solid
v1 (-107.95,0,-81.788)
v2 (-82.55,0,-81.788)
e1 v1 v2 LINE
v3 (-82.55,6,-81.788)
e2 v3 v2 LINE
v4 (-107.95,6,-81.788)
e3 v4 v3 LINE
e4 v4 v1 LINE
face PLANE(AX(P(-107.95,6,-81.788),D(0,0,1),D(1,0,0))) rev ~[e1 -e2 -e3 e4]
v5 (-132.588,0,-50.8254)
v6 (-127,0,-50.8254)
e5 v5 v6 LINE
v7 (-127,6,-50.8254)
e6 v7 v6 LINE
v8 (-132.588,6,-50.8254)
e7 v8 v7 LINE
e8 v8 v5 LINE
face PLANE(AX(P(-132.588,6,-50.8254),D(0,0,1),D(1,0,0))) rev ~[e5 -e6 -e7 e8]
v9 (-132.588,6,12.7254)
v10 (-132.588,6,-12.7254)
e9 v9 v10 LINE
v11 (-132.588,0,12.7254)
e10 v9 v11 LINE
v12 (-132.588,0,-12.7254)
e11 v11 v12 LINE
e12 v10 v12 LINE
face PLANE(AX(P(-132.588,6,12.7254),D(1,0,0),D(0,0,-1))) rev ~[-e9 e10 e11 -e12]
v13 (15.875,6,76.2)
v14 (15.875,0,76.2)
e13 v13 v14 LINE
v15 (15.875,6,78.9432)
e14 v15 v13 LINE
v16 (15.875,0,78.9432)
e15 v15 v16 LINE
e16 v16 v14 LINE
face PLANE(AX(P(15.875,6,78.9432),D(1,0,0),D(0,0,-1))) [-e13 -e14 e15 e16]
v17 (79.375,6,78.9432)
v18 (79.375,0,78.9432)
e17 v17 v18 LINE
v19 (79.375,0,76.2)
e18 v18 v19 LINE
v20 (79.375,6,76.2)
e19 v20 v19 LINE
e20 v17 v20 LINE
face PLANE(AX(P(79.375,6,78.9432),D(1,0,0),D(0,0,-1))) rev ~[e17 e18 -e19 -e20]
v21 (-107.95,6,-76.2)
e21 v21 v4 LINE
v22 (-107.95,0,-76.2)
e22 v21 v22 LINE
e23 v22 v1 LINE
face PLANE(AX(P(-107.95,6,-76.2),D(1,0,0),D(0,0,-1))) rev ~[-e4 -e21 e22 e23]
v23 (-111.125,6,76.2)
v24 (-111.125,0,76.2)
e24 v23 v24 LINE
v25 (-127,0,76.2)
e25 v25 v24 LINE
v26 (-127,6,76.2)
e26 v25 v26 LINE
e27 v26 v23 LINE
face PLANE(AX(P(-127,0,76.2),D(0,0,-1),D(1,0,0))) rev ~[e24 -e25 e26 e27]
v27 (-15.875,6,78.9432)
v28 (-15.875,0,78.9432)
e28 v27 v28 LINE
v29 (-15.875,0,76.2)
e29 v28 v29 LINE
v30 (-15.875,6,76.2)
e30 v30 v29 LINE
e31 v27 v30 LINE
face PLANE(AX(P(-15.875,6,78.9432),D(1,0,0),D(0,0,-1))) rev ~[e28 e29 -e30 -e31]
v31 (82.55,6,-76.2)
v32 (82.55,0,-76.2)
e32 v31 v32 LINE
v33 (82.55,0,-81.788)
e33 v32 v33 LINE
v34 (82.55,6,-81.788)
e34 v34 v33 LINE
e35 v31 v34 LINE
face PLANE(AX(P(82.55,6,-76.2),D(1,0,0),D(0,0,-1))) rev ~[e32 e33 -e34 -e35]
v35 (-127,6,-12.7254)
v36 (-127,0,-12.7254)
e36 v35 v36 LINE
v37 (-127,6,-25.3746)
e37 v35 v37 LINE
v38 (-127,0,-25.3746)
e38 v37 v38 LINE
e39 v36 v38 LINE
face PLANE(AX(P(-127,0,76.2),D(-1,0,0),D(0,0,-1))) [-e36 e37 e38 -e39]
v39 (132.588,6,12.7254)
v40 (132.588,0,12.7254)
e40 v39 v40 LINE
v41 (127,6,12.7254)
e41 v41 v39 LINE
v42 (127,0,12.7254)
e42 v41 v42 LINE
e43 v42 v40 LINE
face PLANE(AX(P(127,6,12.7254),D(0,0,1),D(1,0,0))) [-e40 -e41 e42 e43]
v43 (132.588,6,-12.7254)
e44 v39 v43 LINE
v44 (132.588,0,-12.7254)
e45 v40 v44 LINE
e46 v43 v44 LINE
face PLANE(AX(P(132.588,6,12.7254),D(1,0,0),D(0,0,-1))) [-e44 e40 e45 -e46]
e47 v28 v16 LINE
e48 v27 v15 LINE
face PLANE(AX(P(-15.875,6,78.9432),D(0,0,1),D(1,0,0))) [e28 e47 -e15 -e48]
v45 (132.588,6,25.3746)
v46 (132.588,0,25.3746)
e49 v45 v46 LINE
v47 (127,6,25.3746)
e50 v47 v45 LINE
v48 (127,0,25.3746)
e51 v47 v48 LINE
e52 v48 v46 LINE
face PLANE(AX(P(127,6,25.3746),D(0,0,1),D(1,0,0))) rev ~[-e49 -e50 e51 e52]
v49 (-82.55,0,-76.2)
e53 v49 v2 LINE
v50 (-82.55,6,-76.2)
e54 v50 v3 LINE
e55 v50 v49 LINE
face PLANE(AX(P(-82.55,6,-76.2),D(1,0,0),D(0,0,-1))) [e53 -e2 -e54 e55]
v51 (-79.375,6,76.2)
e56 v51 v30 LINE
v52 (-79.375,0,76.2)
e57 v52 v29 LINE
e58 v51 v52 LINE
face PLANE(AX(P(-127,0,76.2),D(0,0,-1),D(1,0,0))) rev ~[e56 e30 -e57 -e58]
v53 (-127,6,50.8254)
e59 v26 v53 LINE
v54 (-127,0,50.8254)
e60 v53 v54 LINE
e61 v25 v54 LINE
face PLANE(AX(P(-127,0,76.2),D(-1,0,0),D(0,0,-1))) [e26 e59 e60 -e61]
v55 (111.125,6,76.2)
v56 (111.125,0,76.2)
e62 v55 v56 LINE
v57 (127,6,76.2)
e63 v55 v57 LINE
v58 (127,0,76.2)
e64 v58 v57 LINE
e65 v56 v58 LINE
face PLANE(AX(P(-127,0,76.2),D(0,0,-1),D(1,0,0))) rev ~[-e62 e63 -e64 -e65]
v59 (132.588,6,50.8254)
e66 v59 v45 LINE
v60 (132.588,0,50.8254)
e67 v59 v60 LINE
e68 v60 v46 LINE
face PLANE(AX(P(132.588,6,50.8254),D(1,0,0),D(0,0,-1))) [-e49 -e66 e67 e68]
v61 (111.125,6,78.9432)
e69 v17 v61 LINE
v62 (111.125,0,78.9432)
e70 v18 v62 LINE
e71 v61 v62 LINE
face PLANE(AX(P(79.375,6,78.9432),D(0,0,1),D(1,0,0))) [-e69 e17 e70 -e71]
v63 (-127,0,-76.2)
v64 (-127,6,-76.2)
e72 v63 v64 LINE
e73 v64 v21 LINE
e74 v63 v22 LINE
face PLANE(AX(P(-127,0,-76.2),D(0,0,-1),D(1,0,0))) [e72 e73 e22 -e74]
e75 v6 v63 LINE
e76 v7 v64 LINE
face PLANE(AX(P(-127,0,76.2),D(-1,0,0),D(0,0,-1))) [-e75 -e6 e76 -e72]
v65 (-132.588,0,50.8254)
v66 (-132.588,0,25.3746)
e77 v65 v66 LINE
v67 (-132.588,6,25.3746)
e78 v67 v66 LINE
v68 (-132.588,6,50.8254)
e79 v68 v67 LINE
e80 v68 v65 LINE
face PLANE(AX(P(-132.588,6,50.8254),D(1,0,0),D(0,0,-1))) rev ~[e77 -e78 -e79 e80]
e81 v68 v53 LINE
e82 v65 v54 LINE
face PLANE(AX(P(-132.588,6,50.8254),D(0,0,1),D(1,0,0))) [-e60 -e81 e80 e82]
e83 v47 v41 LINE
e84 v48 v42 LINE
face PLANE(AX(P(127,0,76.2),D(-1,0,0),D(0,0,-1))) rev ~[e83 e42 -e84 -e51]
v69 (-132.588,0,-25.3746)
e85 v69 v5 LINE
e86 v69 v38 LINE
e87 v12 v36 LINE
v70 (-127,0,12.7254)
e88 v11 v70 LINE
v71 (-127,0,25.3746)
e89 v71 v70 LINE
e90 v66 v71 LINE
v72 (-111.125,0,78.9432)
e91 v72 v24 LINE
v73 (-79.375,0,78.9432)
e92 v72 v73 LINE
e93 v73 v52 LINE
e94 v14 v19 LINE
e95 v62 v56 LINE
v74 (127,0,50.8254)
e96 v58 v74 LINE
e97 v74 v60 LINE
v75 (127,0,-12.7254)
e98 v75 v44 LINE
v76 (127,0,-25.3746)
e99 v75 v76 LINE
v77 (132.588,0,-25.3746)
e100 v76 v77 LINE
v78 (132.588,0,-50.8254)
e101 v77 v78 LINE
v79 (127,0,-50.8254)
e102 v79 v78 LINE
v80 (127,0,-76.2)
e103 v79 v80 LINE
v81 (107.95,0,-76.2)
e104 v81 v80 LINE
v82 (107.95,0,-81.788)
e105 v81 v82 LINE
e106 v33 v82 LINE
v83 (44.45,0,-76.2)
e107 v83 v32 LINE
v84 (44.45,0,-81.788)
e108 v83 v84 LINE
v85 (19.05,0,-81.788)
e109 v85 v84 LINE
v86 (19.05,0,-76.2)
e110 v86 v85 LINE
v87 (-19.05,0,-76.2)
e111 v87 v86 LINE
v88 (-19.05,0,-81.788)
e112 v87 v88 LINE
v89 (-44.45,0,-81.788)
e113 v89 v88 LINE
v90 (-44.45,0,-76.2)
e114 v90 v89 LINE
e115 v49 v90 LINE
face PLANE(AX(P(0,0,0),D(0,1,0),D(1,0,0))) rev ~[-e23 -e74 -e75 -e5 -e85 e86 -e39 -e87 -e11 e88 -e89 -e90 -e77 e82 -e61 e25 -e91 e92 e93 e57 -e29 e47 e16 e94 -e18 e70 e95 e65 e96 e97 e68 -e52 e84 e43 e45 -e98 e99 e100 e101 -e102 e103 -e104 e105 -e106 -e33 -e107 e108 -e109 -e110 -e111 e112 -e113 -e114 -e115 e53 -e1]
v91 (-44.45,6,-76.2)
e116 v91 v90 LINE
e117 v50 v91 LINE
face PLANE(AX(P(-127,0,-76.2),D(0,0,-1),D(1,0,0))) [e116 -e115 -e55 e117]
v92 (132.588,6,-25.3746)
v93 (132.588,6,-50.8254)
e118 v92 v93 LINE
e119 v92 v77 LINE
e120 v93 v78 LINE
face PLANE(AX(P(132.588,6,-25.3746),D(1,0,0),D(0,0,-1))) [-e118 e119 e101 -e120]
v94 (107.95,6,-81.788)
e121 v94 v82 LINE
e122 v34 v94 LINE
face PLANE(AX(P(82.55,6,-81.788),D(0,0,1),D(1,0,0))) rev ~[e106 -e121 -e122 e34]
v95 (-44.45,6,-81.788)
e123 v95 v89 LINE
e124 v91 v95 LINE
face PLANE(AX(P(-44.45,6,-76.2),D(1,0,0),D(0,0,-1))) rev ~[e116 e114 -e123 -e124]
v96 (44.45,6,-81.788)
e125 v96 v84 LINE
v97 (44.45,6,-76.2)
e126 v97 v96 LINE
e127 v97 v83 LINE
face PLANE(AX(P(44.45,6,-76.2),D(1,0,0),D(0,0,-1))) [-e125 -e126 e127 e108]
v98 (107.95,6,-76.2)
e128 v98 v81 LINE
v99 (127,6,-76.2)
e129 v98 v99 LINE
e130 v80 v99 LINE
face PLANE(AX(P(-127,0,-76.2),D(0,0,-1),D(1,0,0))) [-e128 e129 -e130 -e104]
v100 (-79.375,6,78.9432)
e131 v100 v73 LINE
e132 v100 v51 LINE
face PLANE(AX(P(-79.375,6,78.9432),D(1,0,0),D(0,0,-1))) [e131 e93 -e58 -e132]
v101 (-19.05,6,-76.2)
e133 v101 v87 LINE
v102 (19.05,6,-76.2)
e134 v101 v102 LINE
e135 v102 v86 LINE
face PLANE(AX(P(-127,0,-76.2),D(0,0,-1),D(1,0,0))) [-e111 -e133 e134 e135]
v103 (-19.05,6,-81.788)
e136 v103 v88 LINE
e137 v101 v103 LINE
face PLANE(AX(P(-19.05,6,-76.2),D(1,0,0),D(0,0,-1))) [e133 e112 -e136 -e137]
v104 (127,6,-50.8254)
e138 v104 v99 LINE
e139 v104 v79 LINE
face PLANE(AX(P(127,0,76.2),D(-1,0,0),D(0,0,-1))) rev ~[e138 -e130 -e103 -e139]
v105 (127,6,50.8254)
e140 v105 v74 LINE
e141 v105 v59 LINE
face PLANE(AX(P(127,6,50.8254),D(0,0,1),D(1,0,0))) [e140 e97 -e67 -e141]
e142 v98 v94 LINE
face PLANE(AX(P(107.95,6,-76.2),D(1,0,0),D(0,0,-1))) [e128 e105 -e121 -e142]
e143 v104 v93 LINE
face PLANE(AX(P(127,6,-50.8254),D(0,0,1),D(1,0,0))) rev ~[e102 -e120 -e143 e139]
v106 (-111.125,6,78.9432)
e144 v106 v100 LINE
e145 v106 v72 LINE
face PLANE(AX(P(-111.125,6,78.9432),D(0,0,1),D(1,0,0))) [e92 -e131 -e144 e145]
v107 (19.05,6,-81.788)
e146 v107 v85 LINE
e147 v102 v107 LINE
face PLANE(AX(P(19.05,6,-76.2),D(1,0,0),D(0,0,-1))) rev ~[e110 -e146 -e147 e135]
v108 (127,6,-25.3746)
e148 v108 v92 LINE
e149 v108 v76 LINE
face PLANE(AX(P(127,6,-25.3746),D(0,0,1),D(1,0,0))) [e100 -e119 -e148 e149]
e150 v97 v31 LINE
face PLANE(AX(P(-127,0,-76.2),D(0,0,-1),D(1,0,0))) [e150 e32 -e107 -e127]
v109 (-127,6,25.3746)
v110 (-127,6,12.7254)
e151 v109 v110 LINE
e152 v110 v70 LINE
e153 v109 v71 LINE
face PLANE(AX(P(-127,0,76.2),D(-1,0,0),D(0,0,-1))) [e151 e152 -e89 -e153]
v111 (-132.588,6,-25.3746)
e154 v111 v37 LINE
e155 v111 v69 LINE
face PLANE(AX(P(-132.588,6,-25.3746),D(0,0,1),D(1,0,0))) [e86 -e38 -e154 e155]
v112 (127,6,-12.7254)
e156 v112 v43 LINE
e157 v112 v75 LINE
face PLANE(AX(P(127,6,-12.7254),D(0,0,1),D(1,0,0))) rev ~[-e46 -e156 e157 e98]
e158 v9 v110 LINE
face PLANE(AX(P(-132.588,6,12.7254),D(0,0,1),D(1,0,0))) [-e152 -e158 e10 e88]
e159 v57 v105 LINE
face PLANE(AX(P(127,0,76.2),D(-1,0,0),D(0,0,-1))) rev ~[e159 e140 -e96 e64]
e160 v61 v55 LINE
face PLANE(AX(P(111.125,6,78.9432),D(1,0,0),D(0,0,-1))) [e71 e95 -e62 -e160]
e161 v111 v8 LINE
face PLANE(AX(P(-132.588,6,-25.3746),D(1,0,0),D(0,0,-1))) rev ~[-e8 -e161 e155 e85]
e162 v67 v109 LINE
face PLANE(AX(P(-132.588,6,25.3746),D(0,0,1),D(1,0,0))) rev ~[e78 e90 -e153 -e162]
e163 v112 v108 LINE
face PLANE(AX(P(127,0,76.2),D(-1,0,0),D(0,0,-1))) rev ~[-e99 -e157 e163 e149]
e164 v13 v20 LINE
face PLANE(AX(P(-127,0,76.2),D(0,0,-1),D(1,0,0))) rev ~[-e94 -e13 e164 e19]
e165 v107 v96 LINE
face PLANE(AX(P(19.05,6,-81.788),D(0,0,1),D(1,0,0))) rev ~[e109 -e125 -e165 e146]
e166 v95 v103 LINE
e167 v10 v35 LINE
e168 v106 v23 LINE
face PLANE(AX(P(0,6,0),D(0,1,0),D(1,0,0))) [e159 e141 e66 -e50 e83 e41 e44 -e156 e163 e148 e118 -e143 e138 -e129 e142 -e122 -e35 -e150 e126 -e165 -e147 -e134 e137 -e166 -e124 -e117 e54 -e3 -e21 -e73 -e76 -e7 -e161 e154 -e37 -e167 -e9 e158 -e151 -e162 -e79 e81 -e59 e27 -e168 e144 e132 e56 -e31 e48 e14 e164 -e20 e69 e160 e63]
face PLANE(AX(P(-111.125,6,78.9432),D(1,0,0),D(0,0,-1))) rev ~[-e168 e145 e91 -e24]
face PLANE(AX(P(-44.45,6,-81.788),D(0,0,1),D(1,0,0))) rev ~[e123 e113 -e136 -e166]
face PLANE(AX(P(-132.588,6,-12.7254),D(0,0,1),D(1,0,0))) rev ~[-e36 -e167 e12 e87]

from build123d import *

# Parameters (mm, degrees)
SKETCH1_W             = 254
SKETCH1_H             = 152.4
BOSS_EXTRUDE1_DEPTH   = 6
SKETCH2_W             = 25.4
SKETCH2_H             = 5.588
SKETCH2_W_2           = 31.75
SKETCH2_H_2           = 2.7432
TABS_TOP_BOTTOM_DEPTH = 6
SKETCH3_W             = 5.588
SKETCH3_H             = 25.4508
TABS_SIDE_DEPTH       = 6


with BuildPart() as part:
    # Sketch1 → Boss-Extrude1 (new body)
    with BuildSketch(Plane(origin=(0, 0, 0), x_dir=(1, 0, 0), z_dir=(0, 1, 0))):
        Rectangle(SKETCH1_W, SKETCH1_H)
    extrude(amount=BOSS_EXTRUDE1_DEPTH)

    # Sketch2 → Tabs - Top/Bottom (add)
    with BuildSketch(Plane(origin=(0, 6, 0), x_dir=(1, 0, 0), z_dir=(0, 1, 0))):
        with Locations((95.25, 78.994)):
            Rectangle(SKETCH2_W, SKETCH2_H)
        with Locations((-95.25, 78.994)):
            Rectangle(SKETCH2_W, SKETCH2_H)
        with Locations((-31.75, 78.994)):
            Rectangle(SKETCH2_W, SKETCH2_H)
        with Locations((31.75, 78.994)):
            Rectangle(SKETCH2_W, SKETCH2_H)
        with Locations((-95.25, -77.5716)):
            Rectangle(SKETCH2_W_2, SKETCH2_H_2)
        with Locations((0, -77.5716)):
            Rectangle(SKETCH2_W_2, SKETCH2_H_2)
        with Locations((95.25, -77.5716)):
            Rectangle(SKETCH2_W_2, SKETCH2_H_2)
    extrude(amount=-TABS_TOP_BOTTOM_DEPTH)

    # Sketch3 → Tabs - Side (add)
    with BuildSketch(Plane(origin=(0, 6, 0), x_dir=(1, 0, 0), z_dir=(0, 1, 0))):
        with Locations((-129.794, -38.1)):
            Rectangle(SKETCH3_W, SKETCH3_H)
        with Locations((-129.794, 0)):
            Rectangle(SKETCH3_W, SKETCH3_H)
        with Locations((-129.794, 38.1)):
            Rectangle(SKETCH3_W, SKETCH3_H)
        with Locations((129.794, -38.1)):
            Rectangle(SKETCH3_W, SKETCH3_H)
        with Locations((129.794, 38.1)):
            Rectangle(SKETCH3_W, SKETCH3_H)
        with Locations((129.794, 0)):
            Rectangle(SKETCH3_W, SKETCH3_H)
    extrude(amount=-TABS_SIDE_DEPTH)


solid = part.part
